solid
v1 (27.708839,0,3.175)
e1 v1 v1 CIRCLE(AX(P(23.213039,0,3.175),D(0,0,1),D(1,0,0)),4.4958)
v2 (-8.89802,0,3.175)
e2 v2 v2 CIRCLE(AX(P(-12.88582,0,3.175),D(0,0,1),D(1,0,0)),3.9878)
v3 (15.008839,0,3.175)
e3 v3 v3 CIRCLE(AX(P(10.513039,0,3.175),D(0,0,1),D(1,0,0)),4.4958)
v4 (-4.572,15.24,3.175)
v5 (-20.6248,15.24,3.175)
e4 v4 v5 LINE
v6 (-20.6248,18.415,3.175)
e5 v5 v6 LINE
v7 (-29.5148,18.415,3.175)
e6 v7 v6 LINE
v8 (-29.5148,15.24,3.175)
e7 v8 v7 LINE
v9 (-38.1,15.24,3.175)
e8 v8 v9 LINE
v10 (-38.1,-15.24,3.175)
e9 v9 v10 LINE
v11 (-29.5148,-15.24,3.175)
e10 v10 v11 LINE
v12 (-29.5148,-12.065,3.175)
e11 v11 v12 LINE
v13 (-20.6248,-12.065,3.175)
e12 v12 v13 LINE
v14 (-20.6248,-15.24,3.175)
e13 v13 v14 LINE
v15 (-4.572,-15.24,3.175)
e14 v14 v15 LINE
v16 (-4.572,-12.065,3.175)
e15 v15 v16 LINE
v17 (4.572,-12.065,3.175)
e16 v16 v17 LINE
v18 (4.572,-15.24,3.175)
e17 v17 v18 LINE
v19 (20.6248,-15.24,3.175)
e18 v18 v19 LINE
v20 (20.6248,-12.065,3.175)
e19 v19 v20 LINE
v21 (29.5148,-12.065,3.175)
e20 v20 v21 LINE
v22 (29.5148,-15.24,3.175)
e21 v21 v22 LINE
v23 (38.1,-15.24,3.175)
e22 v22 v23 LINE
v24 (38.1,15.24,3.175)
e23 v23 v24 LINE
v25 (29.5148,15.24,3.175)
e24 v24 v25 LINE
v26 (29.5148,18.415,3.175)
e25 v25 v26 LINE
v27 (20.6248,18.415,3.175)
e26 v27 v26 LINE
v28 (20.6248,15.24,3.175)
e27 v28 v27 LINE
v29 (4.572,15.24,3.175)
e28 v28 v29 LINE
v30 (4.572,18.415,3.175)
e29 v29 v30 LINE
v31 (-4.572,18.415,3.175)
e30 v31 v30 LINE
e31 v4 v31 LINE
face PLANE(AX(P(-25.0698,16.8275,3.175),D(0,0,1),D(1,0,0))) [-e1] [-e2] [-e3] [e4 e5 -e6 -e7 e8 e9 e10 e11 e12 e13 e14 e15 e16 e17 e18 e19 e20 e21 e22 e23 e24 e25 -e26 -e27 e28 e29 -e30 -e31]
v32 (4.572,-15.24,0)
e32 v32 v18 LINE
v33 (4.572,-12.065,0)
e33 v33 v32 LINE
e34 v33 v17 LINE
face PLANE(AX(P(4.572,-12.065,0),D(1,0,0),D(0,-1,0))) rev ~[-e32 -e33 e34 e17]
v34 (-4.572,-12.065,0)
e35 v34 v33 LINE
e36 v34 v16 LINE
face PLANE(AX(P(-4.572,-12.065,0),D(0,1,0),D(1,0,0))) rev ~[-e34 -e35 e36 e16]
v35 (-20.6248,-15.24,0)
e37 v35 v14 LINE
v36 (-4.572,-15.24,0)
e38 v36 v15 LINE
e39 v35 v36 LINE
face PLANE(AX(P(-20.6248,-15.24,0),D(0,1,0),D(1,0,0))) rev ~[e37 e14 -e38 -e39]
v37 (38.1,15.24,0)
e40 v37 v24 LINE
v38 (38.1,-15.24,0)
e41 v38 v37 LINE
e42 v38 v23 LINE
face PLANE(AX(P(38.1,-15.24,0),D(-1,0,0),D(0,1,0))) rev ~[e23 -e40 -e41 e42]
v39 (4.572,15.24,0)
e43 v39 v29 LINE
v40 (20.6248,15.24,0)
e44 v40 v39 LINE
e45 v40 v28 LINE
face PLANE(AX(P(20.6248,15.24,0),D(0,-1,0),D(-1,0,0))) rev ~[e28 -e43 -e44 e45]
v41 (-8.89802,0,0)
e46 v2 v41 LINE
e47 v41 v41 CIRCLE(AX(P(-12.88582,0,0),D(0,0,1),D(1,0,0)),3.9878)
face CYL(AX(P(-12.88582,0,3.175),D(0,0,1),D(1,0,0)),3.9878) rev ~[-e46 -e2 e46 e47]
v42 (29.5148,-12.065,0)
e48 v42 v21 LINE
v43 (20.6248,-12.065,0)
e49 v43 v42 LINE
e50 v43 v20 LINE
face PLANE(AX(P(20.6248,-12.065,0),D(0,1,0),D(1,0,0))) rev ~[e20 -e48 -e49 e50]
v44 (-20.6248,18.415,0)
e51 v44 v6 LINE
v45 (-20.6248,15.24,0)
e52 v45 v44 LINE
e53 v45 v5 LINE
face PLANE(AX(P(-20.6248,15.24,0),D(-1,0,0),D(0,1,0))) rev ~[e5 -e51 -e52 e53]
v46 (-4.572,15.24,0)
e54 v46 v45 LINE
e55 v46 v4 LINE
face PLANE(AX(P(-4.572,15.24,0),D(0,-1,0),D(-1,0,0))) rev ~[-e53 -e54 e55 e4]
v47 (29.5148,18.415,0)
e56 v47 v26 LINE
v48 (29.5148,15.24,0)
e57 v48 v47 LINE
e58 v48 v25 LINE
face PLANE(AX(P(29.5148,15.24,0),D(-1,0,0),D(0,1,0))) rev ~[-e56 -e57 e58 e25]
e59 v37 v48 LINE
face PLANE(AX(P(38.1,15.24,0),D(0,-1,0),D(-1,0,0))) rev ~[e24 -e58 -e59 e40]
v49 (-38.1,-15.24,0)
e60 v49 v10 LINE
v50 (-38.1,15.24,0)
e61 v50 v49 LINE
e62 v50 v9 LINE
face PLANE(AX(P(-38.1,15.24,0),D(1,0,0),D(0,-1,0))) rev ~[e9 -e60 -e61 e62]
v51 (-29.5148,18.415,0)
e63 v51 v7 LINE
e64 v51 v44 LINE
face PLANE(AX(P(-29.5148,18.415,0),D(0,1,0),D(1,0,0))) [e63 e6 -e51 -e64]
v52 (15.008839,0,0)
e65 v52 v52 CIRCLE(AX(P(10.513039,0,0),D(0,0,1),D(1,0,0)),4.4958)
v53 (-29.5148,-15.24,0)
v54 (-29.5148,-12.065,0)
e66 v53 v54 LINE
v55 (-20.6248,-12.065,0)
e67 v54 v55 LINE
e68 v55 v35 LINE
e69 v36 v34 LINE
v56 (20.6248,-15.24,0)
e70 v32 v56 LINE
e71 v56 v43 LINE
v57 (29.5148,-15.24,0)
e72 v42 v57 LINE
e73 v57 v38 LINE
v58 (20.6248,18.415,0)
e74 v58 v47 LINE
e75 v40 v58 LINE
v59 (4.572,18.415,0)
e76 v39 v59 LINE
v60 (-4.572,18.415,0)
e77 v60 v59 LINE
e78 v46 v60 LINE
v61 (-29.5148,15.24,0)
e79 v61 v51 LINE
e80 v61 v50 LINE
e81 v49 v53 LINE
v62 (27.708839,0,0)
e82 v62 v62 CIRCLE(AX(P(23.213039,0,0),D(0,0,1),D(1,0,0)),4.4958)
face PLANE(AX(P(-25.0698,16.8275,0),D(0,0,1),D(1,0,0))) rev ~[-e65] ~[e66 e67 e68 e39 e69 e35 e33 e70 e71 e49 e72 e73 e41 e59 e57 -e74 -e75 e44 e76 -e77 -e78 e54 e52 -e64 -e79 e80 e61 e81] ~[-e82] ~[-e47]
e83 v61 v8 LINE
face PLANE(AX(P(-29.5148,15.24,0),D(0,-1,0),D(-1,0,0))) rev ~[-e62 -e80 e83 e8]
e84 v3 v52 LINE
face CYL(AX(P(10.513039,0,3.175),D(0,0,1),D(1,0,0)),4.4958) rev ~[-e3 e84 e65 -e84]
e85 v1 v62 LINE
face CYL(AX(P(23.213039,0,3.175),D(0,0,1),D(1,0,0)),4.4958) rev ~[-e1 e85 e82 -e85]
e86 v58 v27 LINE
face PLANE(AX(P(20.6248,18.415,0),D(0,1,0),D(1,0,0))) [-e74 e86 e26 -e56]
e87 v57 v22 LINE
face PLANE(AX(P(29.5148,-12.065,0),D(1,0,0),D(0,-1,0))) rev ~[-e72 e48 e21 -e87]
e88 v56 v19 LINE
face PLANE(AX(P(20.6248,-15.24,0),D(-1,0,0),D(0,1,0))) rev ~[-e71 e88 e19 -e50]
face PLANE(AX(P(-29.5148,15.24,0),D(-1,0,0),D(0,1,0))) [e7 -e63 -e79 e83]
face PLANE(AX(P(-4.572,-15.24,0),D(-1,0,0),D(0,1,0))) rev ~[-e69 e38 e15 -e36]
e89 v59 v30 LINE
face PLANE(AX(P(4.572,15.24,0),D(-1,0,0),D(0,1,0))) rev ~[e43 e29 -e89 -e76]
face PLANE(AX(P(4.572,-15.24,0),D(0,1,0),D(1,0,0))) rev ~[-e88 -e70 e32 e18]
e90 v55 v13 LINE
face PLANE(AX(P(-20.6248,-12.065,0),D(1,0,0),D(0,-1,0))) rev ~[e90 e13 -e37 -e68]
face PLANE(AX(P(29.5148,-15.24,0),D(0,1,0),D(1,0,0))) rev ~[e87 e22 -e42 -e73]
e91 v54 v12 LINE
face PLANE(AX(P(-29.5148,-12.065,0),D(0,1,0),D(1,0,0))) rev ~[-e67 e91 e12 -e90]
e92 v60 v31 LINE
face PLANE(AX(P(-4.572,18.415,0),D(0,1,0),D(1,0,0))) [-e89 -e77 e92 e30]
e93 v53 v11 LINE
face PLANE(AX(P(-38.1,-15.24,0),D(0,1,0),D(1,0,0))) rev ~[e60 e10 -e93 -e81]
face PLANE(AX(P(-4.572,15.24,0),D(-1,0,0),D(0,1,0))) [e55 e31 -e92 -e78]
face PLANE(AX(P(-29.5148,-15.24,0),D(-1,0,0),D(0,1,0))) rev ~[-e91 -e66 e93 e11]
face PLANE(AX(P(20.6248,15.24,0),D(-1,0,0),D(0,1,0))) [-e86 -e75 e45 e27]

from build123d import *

# Parameters (mm, degrees)
F0_W     = 8.89
F0_H     = 3.175
F0_W_2   = 9.144
F1_DEPTH = 3.175
F2_R     = 3.9878
F2_R_2   = 4.4958
F3_DEPTH = 25.4


with BuildPart() as f1:
    # F0 (on Top) → F1 (new body)
    with BuildSketch(Plane.XY):
        with Locations((-25.0698, 16.8275)):
            Rectangle(F0_W, F0_H)
        Polygon((-29.5148, 15.24), (-38.1, 15.24), (-38.1, -15.24), (-29.5148, -15.24), (-29.5148, -12.065), (-20.6248, -12.065), (-20.6248, -15.24), (-4.572, -15.24), (-4.572, -12.065), (4.572, -12.065), (4.572, -15.24), (20.6248, -15.24), (20.6248, -12.065), (29.5148, -12.065), (29.5148, -15.24), (38.1, -15.24), (38.1, 15.24), (29.5148, 15.24), (20.6248, 15.24), (4.572, 15.24), (-4.572, 15.24), (-20.6248, 15.24), align=None)
        with Locations((0, 16.8275)):
            Rectangle(F0_W_2, F0_H)
        with Locations((25.0698, 16.8275)):
            Rectangle(F0_W, F0_H)
    extrude(amount=F1_DEPTH)

    # F2 (on face) → F3 (cut)
    with BuildSketch(Plane.XY.offset(3.175)):
        with Locations((-12.8858196329, 0)):
            Circle(F2_R)
        with Locations((10.5130393058, 0)):
            Circle(F2_R_2)
        with Locations((23.2130393058, 0)):
            Circle(F2_R_2)
    extrude(amount=-F3_DEPTH, mode=Mode.SUBTRACT)


solid = f1.part
